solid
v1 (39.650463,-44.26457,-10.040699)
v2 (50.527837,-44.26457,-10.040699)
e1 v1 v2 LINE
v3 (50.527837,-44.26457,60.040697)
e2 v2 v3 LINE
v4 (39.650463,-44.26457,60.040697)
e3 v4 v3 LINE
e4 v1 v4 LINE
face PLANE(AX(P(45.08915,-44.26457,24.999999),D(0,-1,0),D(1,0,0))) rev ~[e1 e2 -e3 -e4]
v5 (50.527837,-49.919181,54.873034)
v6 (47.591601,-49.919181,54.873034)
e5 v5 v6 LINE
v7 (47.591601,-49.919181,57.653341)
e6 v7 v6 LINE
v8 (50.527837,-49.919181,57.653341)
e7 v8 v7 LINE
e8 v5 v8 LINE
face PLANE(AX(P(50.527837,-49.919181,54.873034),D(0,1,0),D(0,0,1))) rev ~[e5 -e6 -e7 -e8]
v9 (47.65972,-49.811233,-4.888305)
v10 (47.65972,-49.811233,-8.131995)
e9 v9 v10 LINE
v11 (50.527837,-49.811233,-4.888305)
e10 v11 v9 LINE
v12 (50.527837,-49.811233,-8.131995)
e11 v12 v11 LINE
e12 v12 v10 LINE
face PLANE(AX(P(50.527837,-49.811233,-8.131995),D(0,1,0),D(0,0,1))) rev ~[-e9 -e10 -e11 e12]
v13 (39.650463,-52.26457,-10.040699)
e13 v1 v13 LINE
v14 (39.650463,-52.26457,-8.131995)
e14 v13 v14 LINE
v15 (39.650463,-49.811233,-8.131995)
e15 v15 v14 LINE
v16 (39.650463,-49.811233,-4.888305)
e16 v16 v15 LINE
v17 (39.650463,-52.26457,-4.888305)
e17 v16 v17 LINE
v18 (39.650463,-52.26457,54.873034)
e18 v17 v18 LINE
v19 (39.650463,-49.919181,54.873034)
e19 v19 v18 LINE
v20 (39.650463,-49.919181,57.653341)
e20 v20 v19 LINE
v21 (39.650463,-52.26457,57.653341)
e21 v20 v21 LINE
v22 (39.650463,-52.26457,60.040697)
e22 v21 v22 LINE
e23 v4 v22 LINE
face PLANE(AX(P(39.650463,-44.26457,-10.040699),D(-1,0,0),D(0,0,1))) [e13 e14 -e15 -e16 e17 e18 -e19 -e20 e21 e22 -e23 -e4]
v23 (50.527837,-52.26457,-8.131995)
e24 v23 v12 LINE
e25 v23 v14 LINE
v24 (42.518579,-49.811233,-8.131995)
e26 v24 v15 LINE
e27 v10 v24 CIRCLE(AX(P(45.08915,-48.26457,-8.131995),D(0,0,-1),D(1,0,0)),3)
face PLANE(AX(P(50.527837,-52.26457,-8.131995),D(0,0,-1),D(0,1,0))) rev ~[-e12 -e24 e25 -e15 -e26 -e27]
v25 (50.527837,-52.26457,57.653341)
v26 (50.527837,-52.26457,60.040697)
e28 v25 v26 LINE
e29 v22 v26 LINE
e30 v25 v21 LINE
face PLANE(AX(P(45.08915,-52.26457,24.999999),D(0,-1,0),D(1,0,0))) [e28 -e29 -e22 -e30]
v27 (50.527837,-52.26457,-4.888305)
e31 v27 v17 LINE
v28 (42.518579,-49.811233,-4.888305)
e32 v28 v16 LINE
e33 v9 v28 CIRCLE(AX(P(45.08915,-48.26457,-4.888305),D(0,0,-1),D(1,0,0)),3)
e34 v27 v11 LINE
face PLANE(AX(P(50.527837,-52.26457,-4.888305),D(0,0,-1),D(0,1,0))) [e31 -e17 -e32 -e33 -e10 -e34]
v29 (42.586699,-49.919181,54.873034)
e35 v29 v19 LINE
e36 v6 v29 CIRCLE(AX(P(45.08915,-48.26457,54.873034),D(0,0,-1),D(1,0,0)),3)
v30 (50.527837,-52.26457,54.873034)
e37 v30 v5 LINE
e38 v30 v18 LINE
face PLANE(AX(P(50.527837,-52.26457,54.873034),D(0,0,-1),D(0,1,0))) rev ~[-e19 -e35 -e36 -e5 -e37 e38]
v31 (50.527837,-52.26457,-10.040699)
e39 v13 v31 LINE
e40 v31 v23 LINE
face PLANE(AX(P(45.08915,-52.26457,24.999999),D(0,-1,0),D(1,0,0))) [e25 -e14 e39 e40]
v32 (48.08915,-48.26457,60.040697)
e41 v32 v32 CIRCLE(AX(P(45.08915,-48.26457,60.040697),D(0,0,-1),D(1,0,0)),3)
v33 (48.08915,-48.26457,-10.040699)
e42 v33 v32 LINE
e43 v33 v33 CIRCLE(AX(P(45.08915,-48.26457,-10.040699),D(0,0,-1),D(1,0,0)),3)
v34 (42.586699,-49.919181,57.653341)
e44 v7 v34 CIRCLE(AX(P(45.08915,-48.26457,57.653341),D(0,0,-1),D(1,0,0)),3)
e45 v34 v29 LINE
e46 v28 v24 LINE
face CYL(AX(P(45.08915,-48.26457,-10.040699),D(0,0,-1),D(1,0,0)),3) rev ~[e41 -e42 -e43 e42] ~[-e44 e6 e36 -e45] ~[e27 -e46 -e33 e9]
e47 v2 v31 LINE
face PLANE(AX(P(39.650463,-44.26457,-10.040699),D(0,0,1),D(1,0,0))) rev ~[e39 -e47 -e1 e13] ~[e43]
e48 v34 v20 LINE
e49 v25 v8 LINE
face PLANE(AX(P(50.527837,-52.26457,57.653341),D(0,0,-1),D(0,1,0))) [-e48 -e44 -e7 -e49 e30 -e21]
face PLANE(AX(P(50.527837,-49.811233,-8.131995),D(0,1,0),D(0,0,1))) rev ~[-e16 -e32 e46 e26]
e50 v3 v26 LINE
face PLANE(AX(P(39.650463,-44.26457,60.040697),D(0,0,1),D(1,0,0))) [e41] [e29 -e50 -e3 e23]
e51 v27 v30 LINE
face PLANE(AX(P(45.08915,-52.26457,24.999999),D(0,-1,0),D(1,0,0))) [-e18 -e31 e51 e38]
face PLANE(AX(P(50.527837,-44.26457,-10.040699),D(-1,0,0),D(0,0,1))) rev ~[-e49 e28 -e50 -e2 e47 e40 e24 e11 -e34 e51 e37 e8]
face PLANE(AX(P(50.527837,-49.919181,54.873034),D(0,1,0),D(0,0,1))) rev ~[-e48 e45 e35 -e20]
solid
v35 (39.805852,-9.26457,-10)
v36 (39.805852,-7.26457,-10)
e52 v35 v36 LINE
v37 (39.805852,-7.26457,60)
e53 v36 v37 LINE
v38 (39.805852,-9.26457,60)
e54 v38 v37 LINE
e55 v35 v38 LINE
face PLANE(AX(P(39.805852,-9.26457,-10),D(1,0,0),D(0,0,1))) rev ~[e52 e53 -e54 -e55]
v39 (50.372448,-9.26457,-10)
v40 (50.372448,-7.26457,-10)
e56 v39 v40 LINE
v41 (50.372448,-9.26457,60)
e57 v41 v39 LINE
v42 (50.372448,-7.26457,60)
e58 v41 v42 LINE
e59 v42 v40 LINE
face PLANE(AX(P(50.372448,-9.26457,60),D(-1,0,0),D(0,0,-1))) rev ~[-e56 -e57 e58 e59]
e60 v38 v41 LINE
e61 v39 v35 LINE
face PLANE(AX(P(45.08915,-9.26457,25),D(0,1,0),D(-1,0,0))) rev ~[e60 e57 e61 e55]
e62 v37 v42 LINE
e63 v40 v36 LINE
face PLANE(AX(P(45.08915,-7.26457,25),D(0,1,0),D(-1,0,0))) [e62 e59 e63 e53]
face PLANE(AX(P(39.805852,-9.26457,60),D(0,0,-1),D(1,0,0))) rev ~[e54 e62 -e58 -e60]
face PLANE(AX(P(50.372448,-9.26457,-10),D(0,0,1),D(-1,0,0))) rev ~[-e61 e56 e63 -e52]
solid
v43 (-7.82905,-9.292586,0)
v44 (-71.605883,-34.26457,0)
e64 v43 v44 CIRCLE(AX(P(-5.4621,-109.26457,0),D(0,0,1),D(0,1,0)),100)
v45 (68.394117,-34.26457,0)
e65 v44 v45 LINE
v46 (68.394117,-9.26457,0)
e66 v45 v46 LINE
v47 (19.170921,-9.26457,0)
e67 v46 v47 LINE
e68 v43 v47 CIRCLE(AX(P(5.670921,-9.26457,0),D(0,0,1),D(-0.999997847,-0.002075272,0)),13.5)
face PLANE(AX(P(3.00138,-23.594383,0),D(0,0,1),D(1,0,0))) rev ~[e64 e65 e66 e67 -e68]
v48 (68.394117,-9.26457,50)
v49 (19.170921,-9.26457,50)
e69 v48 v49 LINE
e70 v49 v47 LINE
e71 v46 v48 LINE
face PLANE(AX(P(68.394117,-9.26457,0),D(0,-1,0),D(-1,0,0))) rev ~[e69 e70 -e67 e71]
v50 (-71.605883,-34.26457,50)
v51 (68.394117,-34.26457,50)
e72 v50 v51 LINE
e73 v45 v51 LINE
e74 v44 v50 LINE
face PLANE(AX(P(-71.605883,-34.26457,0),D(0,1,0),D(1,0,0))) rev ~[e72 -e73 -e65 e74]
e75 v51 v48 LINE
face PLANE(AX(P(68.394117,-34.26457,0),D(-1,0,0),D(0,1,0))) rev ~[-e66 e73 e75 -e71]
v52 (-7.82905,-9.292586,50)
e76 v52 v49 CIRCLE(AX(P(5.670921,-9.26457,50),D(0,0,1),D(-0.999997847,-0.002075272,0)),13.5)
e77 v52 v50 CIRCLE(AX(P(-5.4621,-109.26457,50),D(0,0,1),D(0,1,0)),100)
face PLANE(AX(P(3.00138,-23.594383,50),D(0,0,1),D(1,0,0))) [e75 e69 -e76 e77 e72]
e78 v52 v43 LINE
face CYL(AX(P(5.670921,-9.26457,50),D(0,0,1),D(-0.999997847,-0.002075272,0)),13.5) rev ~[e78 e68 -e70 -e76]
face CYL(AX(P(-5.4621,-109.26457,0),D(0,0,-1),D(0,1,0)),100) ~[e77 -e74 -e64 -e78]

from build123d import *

# Parameters (mm, degrees)
F1_DEPTH  = 50
F3_DEPTH  = 50
F5_DEPTH  = 2
F6_W      = 2
F6_H      = 2.1376970706
F7_DEPTH  = 35
F8_W      = 10.8773745596
F8_H      = 70.0813960284
F9_DEPTH  = 8
F10_R     = 3
F11_DEPTH = 70.0823960284
F13_W     = 2.3453889781
F13_H     = 2.7803070843
F14_DEPTH = 25
F15_W     = 2.4533367151
F15_H     = 3.2436903566
F16_DEPTH = 25


with BuildPart() as f1:
    # F0 (on Top) → F1 (new body)
    with BuildSketch(Plane.XY):
        with BuildLine():
            ThreePointArc((-5.4621001933, -9.2645695501), (-40.8174392526, -15.7231348808), (-71.6058829699, -34.2645695501))
            Line((-71.6058829699, -34.2645695501), (68.3941170301, -34.2645695501))
            Line((68.3941170301, -34.2645695501), (68.3941170301, -9.2645695501))
            Line((68.3941170301, -9.2645695501), (-5.4621001933, -9.2645695501))
        make_face()
    extrude(amount=F1_DEPTH)

    # F2 (on face) → F3 (cut)
    with BuildSketch(Plane.XY.offset(50)):
        with BuildLine():
            ThreePointArc((-7.829049518, -9.2925857202), (5.6849295039, -22.7645622825), (19.1709214114, -9.2645695501))
            Line((19.1709214114, -9.2645695501), (-5.4621001933, -9.2645695501))
            ThreePointArc((-5.4621001933, -9.2645695501), (-6.6456577554, -9.2715738379), (-7.829049518, -9.2925857202))
        make_face()
    extrude(amount=-F3_DEPTH, mode=Mode.SUBTRACT)


with BuildPart() as f5:
    # F4 (on face) → F5 (new body)
    with BuildSketch(Plane(origin=(0, -9.2645695501, 0), x_dir=(-1, 0, 0), z_dir=(0, 1, 0))):
        Polygon((-50.3724478185, 60), (-50.3724478185, 50), (-50.3724478185, 0), (-50.3724478185, -10), (-39.8058518767, -10), (-39.8058518767, 0), (-39.8058518767, 50), (-39.8058518767, 60), align=None)
    extrude(amount=F5_DEPTH)


with BuildPart() as f7:
    # F6 (on face) → F7 (new body)
    with BuildSketch(Plane.XZ.offset(9.2645695501)):
        with Locations((44.7074491531, 54.6884573996)):
            Rectangle(F6_W, F6_H)
    extrude(amount=F7_DEPTH)


with BuildPart() as f9:
    # F8 (on face) → F9 (new body)
    with BuildSketch(Plane.XZ.offset(44.2645695501)):
        with Locations((45.0891498476, 24.9999994412)):
            Rectangle(F8_W, F8_H)
    extrude(amount=F9_DEPTH)

    # F10 (on face) → F11 (cut, through all)
    with BuildSketch(Plane(origin=(0, 0, -10.040698573), x_dir=(1, 0, 0), z_dir=(0, 0, -1))):
        with Locations((45.0891498476, 48.2645695501)):
            Circle(F10_R)
    extrude(amount=-F11_DEPTH, mode=Mode.SUBTRACT)

    # F13 (on face) → F14 (cut)
    with BuildSketch(Plane.YZ.offset(50.5278371274)):
        with Locations((-51.0918750611, 56.2631879002)):
            Rectangle(F13_W, F13_H)
    extrude(amount=-F14_DEPTH, mode=Mode.SUBTRACT)

    # F15 (on face) → F16 (cut)
    with BuildSketch(Plane.YZ.offset(50.5278371274)):
        with Locations((-51.0379011926, -6.5101496875)):
            Rectangle(F15_W, F15_H)
    extrude(amount=-F16_DEPTH, mode=Mode.SUBTRACT)


solid = Compound([f1.part, f5.part, f9.part])
